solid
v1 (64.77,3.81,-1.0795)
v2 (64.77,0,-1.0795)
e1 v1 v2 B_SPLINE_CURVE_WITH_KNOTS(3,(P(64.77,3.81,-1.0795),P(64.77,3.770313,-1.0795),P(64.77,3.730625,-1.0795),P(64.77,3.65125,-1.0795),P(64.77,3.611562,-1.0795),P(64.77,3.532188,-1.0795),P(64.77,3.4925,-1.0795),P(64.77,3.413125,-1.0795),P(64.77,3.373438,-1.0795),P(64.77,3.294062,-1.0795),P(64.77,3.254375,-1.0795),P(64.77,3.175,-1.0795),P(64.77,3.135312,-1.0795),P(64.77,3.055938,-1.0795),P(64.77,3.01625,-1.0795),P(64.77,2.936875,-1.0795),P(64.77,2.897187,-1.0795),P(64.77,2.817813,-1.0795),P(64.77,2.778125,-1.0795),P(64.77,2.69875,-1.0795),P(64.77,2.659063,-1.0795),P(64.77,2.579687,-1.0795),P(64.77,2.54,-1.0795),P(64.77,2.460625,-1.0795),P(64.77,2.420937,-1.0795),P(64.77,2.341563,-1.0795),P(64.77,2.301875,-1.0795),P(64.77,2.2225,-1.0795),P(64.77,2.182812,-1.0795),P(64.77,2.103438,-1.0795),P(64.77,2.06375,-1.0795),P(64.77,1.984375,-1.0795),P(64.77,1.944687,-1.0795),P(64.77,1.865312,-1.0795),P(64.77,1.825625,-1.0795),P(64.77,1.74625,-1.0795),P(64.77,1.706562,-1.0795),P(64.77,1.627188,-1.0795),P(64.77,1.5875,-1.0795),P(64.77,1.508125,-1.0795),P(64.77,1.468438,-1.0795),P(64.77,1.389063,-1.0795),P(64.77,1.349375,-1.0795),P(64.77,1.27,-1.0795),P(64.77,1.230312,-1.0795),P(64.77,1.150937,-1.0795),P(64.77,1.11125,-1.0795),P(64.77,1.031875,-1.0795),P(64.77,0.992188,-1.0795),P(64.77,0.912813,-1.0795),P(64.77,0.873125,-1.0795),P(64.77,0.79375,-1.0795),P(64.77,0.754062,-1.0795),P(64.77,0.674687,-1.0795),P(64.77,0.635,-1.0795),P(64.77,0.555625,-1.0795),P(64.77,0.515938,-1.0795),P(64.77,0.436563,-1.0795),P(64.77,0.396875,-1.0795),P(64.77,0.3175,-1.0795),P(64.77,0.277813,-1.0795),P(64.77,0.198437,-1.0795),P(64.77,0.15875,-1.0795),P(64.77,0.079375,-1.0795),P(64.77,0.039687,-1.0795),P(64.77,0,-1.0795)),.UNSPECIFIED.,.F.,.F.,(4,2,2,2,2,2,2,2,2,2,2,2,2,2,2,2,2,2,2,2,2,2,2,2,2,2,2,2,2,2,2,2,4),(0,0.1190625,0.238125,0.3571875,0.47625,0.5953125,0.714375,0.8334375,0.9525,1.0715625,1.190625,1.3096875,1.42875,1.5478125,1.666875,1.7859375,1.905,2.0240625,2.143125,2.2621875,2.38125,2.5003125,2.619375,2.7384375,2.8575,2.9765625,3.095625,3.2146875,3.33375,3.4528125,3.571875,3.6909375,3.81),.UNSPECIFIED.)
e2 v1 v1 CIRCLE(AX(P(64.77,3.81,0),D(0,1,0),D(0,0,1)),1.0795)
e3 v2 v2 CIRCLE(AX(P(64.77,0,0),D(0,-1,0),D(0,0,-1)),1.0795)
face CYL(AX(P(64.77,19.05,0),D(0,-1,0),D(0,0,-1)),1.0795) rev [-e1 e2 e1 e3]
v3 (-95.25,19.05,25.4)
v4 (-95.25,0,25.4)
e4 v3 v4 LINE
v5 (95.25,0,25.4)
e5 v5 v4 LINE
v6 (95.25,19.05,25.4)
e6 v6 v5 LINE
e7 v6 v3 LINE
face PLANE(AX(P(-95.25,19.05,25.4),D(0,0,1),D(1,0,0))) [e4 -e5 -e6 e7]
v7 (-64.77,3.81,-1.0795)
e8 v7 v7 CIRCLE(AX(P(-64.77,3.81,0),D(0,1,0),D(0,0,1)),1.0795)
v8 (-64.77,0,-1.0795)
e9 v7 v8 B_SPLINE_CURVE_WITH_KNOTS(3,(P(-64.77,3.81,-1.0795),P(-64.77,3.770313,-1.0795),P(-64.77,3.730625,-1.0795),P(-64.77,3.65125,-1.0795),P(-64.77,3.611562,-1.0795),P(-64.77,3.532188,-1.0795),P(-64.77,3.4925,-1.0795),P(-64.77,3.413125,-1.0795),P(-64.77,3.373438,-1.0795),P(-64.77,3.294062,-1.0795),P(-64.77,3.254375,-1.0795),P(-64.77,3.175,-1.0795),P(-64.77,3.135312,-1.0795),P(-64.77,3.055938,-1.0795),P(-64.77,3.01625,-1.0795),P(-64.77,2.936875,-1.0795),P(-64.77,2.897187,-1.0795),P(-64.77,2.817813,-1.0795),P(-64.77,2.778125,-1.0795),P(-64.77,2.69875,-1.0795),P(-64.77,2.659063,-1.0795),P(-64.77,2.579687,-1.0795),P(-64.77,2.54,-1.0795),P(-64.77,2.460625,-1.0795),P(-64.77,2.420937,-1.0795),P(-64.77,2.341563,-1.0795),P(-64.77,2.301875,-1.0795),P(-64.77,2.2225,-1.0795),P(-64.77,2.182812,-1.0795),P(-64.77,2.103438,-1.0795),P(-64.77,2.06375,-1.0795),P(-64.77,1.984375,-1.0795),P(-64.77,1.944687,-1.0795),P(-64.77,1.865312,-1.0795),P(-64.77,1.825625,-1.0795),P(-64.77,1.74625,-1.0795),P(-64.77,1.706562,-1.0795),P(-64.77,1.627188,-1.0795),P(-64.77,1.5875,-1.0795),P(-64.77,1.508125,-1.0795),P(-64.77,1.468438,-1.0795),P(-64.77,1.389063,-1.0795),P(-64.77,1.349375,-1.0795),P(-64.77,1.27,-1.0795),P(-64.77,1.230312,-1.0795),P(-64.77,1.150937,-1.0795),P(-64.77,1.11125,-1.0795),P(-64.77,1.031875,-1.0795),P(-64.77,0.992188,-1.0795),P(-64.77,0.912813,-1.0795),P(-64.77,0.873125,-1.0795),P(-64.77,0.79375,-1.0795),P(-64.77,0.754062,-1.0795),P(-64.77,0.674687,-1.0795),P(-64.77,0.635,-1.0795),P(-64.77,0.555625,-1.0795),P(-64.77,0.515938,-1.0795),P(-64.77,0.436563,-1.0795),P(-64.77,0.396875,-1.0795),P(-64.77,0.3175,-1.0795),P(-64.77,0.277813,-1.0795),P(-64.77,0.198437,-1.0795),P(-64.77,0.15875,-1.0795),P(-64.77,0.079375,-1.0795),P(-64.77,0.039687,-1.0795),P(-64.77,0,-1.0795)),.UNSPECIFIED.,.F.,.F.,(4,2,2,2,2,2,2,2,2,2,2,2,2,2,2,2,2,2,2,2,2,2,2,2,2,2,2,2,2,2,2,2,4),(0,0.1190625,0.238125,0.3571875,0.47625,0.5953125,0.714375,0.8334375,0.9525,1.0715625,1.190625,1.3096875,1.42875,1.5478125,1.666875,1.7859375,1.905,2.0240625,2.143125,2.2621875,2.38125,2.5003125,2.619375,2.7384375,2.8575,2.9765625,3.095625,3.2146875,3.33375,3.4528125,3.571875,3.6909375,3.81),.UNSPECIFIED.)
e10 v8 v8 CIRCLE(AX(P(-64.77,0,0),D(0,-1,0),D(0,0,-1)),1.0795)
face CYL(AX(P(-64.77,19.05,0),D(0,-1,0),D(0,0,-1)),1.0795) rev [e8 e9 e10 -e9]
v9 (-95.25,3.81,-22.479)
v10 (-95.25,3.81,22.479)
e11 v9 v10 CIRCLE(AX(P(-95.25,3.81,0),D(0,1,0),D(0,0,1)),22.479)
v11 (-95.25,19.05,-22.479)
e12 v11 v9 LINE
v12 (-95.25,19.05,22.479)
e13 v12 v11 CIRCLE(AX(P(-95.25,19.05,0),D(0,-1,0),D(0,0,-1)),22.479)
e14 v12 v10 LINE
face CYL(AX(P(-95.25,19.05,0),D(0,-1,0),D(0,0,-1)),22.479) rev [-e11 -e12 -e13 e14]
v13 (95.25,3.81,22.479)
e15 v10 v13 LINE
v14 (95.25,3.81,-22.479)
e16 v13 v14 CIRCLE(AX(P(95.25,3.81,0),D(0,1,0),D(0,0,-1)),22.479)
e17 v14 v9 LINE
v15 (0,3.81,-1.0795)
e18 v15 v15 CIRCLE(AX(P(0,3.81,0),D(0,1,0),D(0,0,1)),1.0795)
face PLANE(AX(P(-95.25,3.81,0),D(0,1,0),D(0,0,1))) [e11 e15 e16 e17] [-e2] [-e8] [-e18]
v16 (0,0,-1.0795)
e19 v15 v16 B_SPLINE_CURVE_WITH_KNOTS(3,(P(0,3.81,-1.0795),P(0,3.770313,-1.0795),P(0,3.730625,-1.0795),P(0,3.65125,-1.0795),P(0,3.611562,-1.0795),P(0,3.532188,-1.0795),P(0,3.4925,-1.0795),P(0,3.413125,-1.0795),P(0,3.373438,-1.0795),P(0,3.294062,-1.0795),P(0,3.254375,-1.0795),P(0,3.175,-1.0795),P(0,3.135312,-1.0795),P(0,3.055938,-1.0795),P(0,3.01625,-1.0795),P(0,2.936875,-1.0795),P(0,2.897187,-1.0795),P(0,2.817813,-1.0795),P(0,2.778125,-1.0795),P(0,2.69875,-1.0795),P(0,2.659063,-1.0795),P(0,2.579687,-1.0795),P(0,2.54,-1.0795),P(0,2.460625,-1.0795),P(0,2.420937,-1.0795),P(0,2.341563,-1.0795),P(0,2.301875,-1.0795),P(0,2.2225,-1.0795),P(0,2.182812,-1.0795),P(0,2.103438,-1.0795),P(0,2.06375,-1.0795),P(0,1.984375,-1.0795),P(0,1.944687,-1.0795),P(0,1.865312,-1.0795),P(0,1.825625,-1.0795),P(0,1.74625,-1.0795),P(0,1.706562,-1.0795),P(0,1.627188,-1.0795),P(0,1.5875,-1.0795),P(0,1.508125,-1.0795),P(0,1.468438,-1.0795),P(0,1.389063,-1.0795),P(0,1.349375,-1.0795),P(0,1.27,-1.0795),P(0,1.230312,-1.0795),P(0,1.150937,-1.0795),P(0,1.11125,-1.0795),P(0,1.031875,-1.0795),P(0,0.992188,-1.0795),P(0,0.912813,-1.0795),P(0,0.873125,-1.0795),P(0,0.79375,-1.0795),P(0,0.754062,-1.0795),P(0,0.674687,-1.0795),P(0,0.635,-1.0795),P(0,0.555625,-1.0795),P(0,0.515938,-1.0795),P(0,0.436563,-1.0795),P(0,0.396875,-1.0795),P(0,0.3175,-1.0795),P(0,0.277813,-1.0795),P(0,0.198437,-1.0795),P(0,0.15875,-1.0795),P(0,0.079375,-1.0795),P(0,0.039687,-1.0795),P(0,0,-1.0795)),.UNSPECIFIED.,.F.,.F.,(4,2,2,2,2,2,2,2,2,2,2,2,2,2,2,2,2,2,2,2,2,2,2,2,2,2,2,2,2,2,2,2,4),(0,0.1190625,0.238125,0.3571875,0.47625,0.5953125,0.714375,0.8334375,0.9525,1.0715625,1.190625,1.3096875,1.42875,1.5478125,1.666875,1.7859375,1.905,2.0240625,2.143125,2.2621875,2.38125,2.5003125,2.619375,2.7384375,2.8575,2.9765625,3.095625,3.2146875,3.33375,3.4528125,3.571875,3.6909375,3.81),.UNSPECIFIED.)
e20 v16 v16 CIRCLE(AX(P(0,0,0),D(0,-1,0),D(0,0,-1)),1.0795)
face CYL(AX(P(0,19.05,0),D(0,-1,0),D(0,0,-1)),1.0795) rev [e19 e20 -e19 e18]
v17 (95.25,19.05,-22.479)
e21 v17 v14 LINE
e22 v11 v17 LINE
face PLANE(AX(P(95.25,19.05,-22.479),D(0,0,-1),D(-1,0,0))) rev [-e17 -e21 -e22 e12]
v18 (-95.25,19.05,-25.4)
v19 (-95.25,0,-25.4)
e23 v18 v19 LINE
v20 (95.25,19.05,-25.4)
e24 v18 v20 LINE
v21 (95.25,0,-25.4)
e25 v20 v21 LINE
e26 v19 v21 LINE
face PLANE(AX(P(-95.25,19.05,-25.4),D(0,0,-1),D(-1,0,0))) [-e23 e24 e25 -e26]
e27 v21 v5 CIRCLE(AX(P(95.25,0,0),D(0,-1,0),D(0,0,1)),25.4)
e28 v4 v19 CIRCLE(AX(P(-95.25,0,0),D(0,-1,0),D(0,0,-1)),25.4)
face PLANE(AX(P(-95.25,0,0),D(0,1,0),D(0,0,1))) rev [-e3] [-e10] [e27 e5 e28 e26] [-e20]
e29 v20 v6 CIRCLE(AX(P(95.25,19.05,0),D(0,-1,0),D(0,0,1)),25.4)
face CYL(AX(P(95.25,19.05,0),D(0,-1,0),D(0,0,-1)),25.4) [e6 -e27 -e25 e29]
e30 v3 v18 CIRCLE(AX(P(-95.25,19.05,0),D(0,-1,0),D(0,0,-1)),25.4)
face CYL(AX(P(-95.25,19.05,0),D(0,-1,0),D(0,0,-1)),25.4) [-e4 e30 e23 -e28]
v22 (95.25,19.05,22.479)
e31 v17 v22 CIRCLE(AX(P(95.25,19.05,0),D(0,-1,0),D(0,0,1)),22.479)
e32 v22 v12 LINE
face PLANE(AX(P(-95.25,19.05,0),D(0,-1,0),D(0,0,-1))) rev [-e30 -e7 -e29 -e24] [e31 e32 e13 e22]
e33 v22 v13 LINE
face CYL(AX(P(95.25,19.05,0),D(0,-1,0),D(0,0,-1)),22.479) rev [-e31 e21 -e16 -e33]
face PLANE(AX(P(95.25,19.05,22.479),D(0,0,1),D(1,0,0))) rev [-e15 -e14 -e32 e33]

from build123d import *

# Parameters (mm, degrees)
MAINBLOCK_DEPTH     = 3.81
BOSS_EXTRUDE1_DEPTH = 19.05
SKETCH3_R           = 1.0795
CUT_EXTRUDE1_DEPTH  = 125.757705173


with BuildPart() as part:
    # Sketch1 → MainBlock (new body)
    with BuildSketch(Plane(origin=(0, 0, 0), x_dir=(1, 0, 0), z_dir=(0, 1, 0))):
        with BuildLine():
            Line((-95.25, 22.479), (95.25, 22.479))
            ThreePointArc((95.25, 22.479), (117.729, 0), (95.25, -22.479))
            Line((95.25, -22.479), (-95.25, -22.479))
            ThreePointArc((-95.25, -22.479), (-117.729, 0), (-95.25, 22.479))
        make_face()
    extrude(amount=MAINBLOCK_DEPTH)

    # Sketch2 → Boss-Extrude1 (add)
    with BuildSketch(Plane.XZ):
        with BuildLine():
            Line((-95.25, 25.4), (95.25, 25.4))
            ThreePointArc((95.25, 25.4), (120.65, 0), (95.25, -25.4))
            Line((95.25, -25.4), (-95.25, -25.4))
            ThreePointArc((-95.25, -25.4), (-120.65, 0), (-95.25, 25.4))
        make_face()
        with BuildLine():
            Line((95.25, 22.479), (-95.25, 22.479))
            ThreePointArc((-95.25, 22.479), (-117.729, 0), (-95.25, -22.479))
            Line((-95.25, -22.479), (95.25, -22.479))
            ThreePointArc((95.25, -22.479), (117.729, 0), (95.25, 22.479))
        make_face(mode=Mode.SUBTRACT)
    extrude(amount=-BOSS_EXTRUDE1_DEPTH)

    # Sketch3 → Cut-Extrude1 (cut, through all)
    with BuildSketch(Plane.XZ):
        with Locations(Location((0, 0, 0), (0, 0, 270))):
            Circle(SKETCH3_R)
        with Locations(Location((-64.77, 0, 0), (0, 0, 270))):
            Circle(SKETCH3_R)
        with Locations(Location((64.77, 0, 0), (0, 0, 270))):
            Circle(SKETCH3_R)
    extrude(amount=-CUT_EXTRUDE1_DEPTH, mode=Mode.SUBTRACT)


solid = part.part
